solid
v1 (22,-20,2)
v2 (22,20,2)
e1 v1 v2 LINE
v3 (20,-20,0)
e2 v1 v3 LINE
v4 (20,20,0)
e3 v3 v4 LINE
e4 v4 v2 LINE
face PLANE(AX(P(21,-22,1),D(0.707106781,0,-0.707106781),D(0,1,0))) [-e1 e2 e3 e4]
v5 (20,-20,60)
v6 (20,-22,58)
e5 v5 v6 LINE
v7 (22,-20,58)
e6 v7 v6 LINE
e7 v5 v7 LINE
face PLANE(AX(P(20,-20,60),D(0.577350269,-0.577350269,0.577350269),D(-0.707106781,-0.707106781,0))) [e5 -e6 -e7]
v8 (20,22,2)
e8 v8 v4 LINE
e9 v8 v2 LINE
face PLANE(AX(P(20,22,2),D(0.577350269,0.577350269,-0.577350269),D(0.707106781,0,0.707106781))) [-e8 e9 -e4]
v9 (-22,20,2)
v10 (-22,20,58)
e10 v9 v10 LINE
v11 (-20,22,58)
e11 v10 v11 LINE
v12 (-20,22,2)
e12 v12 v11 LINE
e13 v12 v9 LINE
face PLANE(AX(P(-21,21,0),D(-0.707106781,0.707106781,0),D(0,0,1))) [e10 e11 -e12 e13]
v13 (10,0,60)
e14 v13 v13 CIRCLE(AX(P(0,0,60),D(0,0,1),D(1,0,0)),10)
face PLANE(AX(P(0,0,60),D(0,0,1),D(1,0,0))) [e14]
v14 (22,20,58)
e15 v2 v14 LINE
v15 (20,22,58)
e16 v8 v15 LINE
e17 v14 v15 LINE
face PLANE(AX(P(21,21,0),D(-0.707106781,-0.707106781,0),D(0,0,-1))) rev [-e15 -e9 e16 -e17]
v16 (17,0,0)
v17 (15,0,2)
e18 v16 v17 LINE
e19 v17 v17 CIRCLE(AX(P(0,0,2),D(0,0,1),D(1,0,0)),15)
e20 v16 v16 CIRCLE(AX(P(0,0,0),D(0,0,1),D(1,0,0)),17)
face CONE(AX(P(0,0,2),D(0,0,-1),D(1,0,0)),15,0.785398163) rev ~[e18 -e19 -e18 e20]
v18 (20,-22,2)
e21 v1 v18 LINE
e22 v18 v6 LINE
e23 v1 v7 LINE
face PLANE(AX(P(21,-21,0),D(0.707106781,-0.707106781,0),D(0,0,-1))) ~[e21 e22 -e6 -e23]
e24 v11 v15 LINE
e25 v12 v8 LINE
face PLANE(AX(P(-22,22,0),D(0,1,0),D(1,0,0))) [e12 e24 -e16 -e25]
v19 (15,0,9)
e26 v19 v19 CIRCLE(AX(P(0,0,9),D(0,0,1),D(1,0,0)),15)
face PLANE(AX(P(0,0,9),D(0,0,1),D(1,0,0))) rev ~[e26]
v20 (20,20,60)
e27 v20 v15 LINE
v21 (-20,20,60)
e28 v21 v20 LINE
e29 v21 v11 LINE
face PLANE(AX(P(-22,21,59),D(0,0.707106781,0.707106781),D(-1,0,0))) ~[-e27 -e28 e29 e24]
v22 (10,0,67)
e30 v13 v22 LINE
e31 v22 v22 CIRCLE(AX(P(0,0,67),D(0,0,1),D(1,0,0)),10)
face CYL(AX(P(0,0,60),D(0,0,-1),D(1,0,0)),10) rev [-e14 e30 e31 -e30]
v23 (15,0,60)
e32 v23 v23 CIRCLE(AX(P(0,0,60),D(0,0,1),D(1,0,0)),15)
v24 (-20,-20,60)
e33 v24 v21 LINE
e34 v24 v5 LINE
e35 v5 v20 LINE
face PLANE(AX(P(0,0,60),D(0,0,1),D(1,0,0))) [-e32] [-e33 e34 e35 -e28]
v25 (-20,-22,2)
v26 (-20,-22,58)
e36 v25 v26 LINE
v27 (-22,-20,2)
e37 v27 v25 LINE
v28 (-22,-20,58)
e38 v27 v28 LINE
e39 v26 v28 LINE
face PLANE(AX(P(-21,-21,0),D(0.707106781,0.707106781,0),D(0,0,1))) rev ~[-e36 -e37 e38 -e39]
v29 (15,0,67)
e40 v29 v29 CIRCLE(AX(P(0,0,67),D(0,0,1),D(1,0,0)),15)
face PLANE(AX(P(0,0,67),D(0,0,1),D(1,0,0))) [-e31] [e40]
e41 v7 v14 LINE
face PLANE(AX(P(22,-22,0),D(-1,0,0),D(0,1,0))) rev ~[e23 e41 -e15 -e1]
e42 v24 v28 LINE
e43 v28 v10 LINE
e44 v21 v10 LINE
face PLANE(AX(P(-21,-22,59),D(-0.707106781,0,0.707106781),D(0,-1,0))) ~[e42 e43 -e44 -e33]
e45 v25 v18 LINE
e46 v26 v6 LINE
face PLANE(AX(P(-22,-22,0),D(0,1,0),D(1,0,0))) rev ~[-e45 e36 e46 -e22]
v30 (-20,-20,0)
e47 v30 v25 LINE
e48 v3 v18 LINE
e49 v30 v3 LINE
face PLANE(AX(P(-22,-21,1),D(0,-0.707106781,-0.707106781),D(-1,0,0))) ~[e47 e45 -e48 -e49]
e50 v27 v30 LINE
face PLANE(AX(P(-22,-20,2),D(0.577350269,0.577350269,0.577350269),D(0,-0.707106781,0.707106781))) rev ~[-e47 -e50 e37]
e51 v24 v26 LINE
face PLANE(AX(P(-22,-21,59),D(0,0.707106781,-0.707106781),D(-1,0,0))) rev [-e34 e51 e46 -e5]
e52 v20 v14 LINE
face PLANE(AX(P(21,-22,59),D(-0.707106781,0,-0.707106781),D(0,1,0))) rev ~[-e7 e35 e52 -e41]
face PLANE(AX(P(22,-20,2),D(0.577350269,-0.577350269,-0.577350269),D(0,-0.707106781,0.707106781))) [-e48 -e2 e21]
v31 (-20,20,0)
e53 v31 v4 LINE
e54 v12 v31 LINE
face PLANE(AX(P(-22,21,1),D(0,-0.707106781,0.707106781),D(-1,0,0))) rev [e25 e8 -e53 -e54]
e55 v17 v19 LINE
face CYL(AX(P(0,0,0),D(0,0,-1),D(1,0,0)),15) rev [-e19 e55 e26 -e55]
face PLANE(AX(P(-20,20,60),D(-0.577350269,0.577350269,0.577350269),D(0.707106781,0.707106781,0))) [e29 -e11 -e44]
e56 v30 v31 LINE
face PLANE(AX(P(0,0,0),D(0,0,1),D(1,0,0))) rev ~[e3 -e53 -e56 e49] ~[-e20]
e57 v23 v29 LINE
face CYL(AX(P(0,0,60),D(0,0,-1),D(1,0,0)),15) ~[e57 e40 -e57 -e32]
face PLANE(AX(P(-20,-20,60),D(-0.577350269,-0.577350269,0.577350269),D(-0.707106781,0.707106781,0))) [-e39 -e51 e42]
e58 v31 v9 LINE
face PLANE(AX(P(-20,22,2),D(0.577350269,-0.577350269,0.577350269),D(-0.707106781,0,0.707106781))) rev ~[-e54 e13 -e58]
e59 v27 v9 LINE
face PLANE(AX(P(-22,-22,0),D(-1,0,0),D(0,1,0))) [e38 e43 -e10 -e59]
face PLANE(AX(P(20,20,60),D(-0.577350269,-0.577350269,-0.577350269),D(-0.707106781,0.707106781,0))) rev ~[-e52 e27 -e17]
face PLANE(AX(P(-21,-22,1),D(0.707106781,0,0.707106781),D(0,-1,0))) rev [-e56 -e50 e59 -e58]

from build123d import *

# Parameters (mm, degrees)
F2_W     = 44
F2_H     = 44
F2_R     = 15
F2_R_2   = 10
F3_DEPTH = 60
F4_R     = 15
F4_R_2   = 10
F5_DEPTH = 7
F6_DEPTH = 9
F8_SIZE  = 2


with BuildPart() as f3:
    # F2 (on Top) → F3 (new body)
    with BuildSketch(Plane.XY):
        Rectangle(F2_W, F2_H)
        Circle(F2_R, mode=Mode.SUBTRACT)
        Circle(F2_R)
        Circle(F2_R_2, mode=Mode.SUBTRACT)
        Circle(F2_R_2)
    extrude(amount=F3_DEPTH)

    # F4 (on face) → F5 (join)
    with BuildSketch(Plane.XY.offset(60)):
        Circle(F4_R)
        Circle(F4_R_2, mode=Mode.SUBTRACT)
    extrude(amount=F5_DEPTH)

    # F2 (on Top) → F6 (cut)
    with BuildSketch(Plane.XY):
        Circle(F2_R)
        Circle(F2_R_2, mode=Mode.SUBTRACT)
        Circle(F2_R_2)
    extrude(amount=F6_DEPTH, mode=Mode.SUBTRACT)

    # F8
    f8_edges = [f3.edges().sort_by_distance(p)[0] for p in [
        (0, -22, 0),
        (22, 0, 0),
        (-22, 0, 0),
        (0, 22, 0),
        (-22, -22, 30),
        (-22, 22, 30),
        (22, 22, 30),
        (22, -22, 30),
        (22, 0, 60),
        (0, -22, 60),
        (-22, 0, 60),
        (0, 22, 60),
        (-15, 0, 0),
    ]]
    chamfer(f8_edges, length=F8_SIZE)


solid = f3.part
